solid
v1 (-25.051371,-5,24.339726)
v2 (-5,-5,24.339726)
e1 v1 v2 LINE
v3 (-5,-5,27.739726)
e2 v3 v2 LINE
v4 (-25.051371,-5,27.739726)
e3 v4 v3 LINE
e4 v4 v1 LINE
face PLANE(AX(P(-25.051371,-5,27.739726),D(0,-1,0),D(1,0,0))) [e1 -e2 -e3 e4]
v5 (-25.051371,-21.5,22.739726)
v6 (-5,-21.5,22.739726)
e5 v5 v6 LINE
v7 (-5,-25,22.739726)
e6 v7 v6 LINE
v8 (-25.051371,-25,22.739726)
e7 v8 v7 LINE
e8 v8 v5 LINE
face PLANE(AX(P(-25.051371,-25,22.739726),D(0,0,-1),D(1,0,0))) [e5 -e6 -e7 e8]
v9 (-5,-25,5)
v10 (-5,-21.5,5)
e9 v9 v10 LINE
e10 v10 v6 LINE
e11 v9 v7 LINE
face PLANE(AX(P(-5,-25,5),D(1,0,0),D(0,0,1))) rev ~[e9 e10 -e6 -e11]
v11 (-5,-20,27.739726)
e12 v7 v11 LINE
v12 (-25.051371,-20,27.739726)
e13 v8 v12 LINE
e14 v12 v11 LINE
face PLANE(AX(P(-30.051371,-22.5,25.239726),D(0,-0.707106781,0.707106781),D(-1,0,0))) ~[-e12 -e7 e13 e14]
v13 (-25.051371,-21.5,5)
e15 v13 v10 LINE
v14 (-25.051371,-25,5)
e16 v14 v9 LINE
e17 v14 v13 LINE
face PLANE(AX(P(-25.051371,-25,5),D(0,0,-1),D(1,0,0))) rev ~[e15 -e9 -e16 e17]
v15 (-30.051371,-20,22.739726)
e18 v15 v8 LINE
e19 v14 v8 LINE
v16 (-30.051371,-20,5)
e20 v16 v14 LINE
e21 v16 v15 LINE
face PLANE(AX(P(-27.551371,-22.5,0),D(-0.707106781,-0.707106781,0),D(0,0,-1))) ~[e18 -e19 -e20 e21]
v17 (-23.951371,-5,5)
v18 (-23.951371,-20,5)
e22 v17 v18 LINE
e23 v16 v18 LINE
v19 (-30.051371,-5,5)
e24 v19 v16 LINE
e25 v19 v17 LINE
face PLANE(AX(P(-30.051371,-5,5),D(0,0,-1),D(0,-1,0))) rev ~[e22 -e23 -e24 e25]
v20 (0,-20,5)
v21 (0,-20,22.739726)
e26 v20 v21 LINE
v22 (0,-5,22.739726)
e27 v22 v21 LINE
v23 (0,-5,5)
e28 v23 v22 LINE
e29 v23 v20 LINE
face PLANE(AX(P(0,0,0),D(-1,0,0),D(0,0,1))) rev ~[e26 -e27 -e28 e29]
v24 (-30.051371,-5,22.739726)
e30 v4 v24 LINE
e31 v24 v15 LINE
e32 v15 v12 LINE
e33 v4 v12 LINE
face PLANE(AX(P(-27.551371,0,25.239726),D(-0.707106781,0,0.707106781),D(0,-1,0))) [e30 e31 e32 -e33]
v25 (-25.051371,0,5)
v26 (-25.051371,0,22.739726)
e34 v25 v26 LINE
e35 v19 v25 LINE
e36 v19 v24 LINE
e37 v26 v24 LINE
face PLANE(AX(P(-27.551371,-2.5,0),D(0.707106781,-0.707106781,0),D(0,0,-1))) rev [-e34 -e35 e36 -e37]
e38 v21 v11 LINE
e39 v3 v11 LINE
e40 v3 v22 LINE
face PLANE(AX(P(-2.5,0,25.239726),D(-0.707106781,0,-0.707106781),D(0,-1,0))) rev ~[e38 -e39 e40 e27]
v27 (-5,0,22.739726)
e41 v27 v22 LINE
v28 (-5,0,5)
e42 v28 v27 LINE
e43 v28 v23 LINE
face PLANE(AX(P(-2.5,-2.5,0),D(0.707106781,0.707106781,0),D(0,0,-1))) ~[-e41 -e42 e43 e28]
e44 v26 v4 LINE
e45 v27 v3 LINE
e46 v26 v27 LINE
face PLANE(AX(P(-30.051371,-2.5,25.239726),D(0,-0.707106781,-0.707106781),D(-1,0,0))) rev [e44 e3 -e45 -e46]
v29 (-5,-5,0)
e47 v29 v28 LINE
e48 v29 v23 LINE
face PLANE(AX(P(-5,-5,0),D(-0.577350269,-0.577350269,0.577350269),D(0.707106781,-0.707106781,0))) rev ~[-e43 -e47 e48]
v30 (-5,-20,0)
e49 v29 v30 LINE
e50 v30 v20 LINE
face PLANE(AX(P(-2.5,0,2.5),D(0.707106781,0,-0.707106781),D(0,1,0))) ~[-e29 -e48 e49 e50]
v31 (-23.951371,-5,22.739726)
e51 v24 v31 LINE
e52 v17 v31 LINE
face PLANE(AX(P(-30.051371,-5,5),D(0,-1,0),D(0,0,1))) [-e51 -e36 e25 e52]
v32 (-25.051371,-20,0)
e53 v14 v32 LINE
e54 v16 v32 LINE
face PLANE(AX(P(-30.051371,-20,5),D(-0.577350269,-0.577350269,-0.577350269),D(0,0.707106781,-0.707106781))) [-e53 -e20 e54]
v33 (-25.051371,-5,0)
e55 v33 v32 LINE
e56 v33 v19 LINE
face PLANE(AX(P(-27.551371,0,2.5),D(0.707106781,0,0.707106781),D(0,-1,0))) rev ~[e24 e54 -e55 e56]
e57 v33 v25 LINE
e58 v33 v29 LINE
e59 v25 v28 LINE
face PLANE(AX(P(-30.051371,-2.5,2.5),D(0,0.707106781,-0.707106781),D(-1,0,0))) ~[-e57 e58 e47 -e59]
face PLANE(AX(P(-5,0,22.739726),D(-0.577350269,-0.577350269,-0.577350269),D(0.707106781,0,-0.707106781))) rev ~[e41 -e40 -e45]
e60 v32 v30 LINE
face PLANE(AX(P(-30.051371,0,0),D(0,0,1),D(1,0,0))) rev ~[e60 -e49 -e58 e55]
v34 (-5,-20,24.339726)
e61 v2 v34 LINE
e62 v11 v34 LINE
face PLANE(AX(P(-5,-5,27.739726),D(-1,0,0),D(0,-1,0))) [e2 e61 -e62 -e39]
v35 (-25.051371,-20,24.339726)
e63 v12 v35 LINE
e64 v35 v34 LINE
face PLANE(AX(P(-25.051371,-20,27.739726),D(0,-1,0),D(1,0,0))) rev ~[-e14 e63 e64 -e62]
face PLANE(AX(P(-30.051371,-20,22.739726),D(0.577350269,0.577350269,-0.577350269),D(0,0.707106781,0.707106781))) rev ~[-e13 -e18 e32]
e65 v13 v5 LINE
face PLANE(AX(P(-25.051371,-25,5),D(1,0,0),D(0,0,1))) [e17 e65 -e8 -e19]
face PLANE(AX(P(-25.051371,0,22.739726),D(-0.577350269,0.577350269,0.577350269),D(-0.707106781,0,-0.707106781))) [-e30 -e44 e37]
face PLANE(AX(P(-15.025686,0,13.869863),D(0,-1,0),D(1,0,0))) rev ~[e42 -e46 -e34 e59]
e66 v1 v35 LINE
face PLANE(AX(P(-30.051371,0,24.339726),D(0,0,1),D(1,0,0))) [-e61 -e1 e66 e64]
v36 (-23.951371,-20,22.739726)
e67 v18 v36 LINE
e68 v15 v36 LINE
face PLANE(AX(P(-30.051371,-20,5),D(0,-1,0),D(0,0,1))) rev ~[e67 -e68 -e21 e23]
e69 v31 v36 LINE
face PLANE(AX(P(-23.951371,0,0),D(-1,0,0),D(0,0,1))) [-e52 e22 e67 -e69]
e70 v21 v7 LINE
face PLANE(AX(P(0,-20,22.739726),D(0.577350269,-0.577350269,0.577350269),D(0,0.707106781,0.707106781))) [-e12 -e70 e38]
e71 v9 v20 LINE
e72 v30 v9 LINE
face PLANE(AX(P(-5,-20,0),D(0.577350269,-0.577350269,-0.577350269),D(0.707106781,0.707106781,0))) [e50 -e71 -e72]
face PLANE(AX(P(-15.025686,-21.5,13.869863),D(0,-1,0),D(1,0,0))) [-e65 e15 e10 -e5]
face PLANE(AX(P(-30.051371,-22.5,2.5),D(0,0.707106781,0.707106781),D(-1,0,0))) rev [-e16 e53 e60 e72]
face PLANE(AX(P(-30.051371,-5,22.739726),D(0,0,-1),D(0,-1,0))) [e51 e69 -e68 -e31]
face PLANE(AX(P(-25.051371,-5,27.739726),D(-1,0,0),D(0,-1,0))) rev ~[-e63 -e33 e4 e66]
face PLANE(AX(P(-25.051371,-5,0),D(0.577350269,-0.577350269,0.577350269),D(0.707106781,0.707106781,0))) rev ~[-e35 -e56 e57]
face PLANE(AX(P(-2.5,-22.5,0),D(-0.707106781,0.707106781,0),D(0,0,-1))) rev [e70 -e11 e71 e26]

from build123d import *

# Parameters (mm, degrees)
F0_W     = 30.0513710827
F0_H     = 27.739726007
F1_DEPTH = 25
F2_SIZE  = 5
F3_DEPTH = 6.1
F4_DEPTH = 3.4
F5_DEPTH = 3.5


with BuildPart() as f1:
    # F0 (on Front) → F1 (new body)
    with BuildSketch(Plane.XZ):
        with Locations((-15.0256855413, 13.8698630035)):
            Rectangle(F0_W, F0_H)
    extrude(amount=F1_DEPTH)

    # F2
    f2_edges = [f1.edges().sort_by_distance(p)[0] for p in [
        (-15.025686, -25, 27.739726),
        (0, -25, 13.869863),
        (-15.025686, -25, 0),
        (-30.051371, -25, 13.869863),
        (-30.051371, -12.5, 27.739726),
        (0, -12.5, 27.739726),
        (-15.025686, 0, 27.739726),
        (0, 0, 13.869863),
        (-30.051371, 0, 13.869863),
        (-30.051371, -12.5, 0),
        (-15.025686, 0, 0),
        (0, -12.5, 0),
    ]]
    chamfer(f2_edges, length=F2_SIZE)

    # F3 (cut): a face of the model
    f3_faces = [f1.faces().sort_by_distance(p)[0] for p in [
        (-30.0513710827, -12.5, 13.8698630035),
    ]]
    extrude(f3_faces, amount=-F3_DEPTH, mode=Mode.SUBTRACT)

    # F4 (cut): a face of the model
    f4_faces = [f1.faces().sort_by_distance(p)[0] for p in [
        (-15.0256855413, -12.5, 27.739726007),
    ]]
    extrude(f4_faces, amount=-F4_DEPTH, mode=Mode.SUBTRACT)

    # F5 (cut): a face of the model
    f5_faces = [f1.faces().sort_by_distance(p)[0] for p in [
        (-15.0256855413, -25, 13.8698630035),
    ]]
    extrude(f5_faces, amount=-F5_DEPTH, mode=Mode.SUBTRACT)


solid = f1.part
